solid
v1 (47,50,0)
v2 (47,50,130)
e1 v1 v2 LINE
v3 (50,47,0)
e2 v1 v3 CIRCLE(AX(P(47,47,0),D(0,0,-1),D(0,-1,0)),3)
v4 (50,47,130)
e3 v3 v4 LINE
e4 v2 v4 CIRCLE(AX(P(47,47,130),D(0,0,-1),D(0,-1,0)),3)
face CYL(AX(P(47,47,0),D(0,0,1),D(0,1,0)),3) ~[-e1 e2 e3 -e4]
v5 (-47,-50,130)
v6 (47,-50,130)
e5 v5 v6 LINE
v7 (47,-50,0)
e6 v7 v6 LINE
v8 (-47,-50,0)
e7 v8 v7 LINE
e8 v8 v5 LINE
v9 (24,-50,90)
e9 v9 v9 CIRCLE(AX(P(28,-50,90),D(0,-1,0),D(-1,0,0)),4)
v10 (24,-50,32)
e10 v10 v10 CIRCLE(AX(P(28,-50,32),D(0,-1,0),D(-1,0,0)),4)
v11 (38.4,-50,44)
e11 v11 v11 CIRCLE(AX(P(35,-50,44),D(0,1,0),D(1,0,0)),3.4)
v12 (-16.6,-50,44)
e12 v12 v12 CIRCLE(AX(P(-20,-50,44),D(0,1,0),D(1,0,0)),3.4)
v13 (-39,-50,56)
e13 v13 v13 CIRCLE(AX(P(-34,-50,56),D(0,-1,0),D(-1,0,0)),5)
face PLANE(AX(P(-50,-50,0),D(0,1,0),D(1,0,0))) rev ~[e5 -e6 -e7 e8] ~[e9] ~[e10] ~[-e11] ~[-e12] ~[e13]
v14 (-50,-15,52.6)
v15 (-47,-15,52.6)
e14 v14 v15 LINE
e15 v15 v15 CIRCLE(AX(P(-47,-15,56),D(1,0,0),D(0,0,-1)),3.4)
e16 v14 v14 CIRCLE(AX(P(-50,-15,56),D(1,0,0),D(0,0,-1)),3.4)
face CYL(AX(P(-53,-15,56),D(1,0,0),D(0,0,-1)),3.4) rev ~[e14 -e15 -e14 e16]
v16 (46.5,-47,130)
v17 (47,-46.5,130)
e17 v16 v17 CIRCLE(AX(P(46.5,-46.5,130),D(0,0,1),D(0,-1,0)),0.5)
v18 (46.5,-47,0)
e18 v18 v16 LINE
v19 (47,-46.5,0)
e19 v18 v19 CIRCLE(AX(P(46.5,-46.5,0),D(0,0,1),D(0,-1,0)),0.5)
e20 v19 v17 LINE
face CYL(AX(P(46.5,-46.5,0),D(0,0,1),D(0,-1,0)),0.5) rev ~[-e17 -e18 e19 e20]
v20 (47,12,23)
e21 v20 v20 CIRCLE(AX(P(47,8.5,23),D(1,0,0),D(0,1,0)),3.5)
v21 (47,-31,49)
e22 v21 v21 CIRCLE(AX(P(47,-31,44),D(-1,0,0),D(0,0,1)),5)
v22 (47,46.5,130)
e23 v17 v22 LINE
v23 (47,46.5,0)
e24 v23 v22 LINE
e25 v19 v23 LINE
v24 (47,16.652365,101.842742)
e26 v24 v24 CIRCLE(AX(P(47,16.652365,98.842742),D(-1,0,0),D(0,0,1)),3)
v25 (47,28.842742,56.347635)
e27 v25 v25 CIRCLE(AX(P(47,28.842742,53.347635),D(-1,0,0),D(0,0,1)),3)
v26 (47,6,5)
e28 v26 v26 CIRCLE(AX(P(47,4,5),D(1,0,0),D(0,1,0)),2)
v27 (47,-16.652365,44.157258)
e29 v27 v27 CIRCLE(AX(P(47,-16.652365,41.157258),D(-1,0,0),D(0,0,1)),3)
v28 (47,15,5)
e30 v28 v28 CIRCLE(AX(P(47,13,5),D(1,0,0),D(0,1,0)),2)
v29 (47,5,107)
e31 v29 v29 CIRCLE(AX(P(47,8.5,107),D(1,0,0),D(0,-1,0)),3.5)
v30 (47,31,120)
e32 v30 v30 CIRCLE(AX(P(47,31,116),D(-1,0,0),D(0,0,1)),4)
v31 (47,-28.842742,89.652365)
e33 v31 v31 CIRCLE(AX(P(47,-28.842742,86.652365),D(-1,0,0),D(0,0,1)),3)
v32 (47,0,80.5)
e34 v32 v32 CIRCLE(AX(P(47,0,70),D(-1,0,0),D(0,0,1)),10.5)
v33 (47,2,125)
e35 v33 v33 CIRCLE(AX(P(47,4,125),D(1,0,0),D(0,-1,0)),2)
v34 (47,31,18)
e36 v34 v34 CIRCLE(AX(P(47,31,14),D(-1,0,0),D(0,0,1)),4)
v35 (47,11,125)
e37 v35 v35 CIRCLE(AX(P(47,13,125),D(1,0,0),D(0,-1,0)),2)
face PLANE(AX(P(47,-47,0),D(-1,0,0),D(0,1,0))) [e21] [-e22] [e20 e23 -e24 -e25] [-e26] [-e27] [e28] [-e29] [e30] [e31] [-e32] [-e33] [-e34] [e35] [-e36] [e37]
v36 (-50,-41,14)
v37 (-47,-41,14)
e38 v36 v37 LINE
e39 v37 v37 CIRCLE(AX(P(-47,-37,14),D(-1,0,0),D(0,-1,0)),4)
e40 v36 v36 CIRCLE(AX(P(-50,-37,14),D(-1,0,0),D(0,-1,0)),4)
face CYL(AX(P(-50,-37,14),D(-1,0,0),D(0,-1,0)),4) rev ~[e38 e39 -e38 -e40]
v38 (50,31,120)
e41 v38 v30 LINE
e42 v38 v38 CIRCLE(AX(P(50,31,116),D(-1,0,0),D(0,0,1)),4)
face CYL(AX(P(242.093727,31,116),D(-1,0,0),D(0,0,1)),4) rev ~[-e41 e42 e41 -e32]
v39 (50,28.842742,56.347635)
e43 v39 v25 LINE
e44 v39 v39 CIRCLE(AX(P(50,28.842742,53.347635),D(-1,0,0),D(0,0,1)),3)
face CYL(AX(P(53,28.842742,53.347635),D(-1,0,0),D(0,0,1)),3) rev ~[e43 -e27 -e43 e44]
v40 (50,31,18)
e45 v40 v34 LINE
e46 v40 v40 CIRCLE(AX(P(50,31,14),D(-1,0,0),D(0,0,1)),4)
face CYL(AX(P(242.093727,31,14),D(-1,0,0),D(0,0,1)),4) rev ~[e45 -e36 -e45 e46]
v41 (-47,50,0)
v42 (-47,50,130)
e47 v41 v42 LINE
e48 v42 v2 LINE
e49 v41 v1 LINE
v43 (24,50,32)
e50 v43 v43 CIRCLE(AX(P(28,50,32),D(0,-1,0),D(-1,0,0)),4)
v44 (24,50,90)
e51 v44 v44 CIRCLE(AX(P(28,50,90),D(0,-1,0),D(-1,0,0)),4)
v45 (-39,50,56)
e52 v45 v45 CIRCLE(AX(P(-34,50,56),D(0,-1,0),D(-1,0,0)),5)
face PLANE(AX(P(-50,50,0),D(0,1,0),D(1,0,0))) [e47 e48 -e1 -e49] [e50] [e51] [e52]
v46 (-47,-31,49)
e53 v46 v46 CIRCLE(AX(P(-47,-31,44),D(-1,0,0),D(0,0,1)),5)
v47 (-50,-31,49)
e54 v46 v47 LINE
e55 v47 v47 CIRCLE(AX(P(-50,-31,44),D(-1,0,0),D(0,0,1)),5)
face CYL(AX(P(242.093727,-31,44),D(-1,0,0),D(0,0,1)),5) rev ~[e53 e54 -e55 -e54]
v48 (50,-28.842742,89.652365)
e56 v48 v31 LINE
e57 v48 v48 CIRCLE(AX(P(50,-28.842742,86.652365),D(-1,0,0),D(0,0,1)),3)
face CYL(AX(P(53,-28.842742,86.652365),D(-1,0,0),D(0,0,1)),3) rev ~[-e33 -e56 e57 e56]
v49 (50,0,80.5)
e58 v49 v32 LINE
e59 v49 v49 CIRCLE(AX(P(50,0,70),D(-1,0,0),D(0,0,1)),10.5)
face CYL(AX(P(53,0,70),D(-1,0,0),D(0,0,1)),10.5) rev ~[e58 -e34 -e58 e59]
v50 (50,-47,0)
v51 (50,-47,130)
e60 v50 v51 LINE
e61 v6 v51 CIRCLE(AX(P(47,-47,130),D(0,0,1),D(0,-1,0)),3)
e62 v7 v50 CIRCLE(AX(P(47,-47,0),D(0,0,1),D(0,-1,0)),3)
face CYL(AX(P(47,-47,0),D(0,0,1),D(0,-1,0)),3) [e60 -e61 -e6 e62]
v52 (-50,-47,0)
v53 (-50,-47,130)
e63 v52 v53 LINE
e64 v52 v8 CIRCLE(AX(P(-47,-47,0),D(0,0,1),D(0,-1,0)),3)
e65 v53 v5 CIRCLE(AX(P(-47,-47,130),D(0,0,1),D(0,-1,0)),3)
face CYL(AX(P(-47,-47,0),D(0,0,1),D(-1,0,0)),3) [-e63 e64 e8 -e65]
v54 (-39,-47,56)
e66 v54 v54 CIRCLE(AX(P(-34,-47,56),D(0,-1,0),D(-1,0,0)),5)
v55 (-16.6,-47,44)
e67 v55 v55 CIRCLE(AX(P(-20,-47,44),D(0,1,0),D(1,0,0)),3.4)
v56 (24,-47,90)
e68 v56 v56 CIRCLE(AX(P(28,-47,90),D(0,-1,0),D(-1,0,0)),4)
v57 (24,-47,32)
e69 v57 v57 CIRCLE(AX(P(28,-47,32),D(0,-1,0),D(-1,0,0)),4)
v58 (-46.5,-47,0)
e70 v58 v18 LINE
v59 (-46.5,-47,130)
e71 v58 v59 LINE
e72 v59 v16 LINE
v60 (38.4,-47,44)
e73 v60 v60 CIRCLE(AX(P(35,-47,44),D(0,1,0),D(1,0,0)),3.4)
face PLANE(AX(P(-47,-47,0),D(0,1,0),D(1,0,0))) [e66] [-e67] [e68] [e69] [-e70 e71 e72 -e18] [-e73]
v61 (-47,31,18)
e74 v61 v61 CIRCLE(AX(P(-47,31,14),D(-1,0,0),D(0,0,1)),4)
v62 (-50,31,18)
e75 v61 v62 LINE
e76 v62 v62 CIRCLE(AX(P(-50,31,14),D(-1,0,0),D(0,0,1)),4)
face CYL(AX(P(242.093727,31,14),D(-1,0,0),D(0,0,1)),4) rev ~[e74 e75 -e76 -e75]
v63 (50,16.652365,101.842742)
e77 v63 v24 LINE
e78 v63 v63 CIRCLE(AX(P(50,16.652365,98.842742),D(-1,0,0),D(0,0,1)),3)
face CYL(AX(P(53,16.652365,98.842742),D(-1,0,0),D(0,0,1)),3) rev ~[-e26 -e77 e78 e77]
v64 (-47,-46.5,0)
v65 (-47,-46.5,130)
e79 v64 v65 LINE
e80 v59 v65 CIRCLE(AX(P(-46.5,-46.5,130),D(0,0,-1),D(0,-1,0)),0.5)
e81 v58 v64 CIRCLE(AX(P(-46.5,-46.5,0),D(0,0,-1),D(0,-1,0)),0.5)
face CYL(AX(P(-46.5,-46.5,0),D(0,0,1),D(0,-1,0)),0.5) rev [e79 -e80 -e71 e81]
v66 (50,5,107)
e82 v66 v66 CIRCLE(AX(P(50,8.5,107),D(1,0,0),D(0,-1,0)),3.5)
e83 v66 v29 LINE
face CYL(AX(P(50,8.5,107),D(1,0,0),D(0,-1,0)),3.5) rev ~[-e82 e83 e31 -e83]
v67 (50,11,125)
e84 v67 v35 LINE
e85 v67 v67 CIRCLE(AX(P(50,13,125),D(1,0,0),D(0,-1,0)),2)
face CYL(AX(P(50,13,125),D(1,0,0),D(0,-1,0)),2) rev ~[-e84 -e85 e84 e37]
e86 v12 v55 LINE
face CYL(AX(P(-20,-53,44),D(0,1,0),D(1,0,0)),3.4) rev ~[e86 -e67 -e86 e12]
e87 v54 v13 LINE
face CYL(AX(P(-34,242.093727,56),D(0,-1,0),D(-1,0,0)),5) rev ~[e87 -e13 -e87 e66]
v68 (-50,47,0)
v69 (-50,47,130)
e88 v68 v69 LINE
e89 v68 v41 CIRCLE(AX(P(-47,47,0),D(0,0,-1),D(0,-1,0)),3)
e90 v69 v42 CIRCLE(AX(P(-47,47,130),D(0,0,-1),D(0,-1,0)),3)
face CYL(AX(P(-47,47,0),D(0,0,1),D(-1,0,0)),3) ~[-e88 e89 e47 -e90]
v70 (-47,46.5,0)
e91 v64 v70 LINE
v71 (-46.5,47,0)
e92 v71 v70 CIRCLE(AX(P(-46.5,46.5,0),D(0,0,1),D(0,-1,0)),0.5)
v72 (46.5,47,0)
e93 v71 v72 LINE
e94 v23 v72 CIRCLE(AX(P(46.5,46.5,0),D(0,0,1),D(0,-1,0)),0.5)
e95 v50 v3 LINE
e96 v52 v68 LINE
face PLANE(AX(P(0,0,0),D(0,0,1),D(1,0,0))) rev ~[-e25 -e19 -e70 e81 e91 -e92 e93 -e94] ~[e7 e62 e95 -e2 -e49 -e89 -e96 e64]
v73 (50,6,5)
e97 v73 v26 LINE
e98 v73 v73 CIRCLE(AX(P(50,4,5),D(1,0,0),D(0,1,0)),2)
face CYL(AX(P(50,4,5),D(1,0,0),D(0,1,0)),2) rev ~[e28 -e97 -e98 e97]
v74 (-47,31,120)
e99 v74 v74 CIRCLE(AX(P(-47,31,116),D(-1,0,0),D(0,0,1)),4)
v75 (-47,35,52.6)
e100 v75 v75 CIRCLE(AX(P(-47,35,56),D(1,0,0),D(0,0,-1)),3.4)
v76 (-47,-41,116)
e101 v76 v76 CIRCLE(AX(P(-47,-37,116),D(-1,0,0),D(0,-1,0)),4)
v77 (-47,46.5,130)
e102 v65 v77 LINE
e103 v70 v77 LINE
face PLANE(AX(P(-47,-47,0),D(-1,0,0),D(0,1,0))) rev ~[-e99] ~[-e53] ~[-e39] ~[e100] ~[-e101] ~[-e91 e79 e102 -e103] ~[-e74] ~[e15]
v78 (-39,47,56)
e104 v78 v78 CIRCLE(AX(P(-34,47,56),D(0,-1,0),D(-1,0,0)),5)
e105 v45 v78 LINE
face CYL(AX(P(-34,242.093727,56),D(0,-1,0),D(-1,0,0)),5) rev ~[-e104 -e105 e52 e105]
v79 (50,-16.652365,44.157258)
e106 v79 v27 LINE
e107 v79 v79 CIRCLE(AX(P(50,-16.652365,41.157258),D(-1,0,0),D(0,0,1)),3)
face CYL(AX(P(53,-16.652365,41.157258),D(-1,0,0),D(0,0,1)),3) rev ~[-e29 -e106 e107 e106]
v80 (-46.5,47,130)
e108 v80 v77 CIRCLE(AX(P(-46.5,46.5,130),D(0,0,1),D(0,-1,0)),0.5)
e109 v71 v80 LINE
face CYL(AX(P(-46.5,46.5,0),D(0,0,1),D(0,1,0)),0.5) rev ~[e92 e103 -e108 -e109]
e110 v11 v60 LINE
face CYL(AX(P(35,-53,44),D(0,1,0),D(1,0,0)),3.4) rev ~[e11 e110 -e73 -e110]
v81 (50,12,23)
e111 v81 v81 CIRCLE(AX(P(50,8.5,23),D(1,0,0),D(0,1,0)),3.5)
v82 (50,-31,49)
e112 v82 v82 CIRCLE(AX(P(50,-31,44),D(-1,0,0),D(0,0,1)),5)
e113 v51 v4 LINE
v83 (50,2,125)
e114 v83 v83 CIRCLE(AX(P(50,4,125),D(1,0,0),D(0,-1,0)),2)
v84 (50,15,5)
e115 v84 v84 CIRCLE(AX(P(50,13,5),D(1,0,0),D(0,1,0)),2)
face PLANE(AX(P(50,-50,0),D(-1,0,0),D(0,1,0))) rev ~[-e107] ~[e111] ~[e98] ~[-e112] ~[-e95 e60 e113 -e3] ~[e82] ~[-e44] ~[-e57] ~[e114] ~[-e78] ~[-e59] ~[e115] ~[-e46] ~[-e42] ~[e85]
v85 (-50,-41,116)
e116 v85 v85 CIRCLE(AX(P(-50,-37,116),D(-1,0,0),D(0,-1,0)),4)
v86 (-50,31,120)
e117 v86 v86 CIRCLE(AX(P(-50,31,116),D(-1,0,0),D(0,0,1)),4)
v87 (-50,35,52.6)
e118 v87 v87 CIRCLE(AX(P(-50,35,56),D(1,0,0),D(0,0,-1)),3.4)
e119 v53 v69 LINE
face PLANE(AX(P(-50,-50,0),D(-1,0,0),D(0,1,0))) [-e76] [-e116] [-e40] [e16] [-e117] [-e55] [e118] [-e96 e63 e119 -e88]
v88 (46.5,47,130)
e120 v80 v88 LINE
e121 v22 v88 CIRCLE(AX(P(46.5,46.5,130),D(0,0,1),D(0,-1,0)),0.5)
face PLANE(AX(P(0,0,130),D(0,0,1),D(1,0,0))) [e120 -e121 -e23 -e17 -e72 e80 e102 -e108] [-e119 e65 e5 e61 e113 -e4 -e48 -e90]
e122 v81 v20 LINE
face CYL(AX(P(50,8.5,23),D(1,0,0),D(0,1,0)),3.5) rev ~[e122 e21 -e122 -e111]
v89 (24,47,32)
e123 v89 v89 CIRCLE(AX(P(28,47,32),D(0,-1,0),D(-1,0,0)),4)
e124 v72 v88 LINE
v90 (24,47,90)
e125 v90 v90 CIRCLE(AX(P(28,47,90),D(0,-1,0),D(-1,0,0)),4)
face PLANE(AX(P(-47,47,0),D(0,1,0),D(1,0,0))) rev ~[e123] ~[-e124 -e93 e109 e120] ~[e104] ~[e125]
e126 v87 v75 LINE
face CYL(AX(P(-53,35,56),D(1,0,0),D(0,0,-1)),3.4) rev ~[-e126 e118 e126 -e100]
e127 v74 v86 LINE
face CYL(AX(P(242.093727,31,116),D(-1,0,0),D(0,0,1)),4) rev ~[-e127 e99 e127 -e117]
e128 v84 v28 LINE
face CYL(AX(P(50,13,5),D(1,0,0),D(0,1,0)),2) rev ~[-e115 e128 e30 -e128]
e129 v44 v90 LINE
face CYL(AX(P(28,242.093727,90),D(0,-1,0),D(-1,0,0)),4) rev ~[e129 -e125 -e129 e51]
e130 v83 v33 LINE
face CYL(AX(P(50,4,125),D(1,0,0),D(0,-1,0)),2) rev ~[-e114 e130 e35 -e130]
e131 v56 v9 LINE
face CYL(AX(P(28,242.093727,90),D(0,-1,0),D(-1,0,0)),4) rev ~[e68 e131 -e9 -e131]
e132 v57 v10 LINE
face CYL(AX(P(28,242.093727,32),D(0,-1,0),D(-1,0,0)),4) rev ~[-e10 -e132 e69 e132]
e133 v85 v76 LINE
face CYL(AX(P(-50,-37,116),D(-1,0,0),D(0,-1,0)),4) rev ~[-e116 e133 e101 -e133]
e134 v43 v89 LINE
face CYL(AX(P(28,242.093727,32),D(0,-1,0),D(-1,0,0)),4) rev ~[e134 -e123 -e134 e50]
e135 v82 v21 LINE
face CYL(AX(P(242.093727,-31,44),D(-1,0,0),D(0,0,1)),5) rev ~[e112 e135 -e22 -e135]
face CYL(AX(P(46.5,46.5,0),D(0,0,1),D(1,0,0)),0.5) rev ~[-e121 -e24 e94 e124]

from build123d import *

# Parameters (mm, degrees)
SKETCH1_W                      = 100
SKETCH1_H                      = 100
SKETCH1_W_2                    = 94
SKETCH1_H_2                    = 94
EXTRUDE_THIN1_DEPTH            = 130
FILLET1_R                      = 0.5
FILLET2_R                      = 3
F_8_0_8_DIAMETER_HOLE2_D       = 8
F_8_0_8_DIAMETER_HOLE3_D       = 8
F_10_0_10_DIAMETER_HOLE1_D     = 10
F_10_0_10_DIAMETER_HOLE2_D     = 10
M8_TAPPED_HOLE1_D              = 6.8
M8_TAPPED_HOLE1_DEPTH          = 3
M8_TAPPED_HOLE2_D              = 6.8
M8_TAPPED_HOLE2_DEPTH          = 3
F_21_0_21_DIAMETER_HOLE1_D     = 21
F_21_0_21_DIAMETER_HOLE1_DEPTH = 3
F_6_0_6_DIAMETER_HOLE1_D       = 6
F_6_0_6_DIAMETER_HOLE1_DEPTH   = 3
CUT_EXTRUDE1_REACH             = 173.464
SKETCH27_R                     = 2
SKETCH27_R_2                   = 3.5
CUT_EXTRUDE2_REACH             = 173.464
SKETCH31_R                     = 4


with BuildPart() as part:
    # Sketch1 → Extrude-Thin1 (new body)
    with BuildSketch(Plane.XY):
        Rectangle(SKETCH1_W, SKETCH1_H)
        Rectangle(SKETCH1_W_2, SKETCH1_H_2, mode=Mode.SUBTRACT)
    extrude(amount=EXTRUDE_THIN1_DEPTH)

    # Fillet1
    fillet1_edges = [part.edges().sort_by_distance(p)[0] for p in [
        (47, -47, 65),
        (47, 47, 65),
        (-47, 47, 65),
        (-47, -47, 65),
    ]]
    fillet(fillet1_edges, radius=FILLET1_R)

    # Fillet2
    fillet2_edges = [part.edges().sort_by_distance(p)[0] for p in [
        (50, -50, 65),
        (-50, -50, 65),
        (-50, 50, 65),
        (50, 50, 65),
    ]]
    fillet(fillet2_edges, radius=FILLET2_R)

    # Ø8.0 (8) Diameter Hole2 (through all)
    with Locations(Plane(origin=(0, 50, 0), x_dir=(1, 0, 0), z_dir=(0, 1, 0))):
        with Locations((28, -32), (28, -90)):
            Hole(F_8_0_8_DIAMETER_HOLE2_D / 2)

    # Ø8.0 (8) Diameter Hole3 (through all)
    with Locations(Plane(origin=(50, 0, 0), x_dir=(0, 0, -1), z_dir=(1, 0, 0))):
        with Locations((-14, 31), (-116, 31)):
            Hole(F_8_0_8_DIAMETER_HOLE3_D / 2)

    # Ø10.0 (10) Diameter Hole1 (through all)
    with Locations(Plane(origin=(0, 50, 0), x_dir=(1, 0, 0), z_dir=(0, 1, 0))):
        with Locations((-34, -56)):
            Hole(F_10_0_10_DIAMETER_HOLE1_D / 2)

    # Ø10.0 (10) Diameter Hole2 (through all)
    with Locations(Plane(origin=(50, 0, 0), x_dir=(0, 0, -1), z_dir=(1, 0, 0))):
        with Locations((-44, -31)):
            Hole(F_10_0_10_DIAMETER_HOLE2_D / 2)

    # M8 Tapped Hole1
    with Locations(Plane.ZY.offset(50)):
        with Locations((56, -15), (56, 35)):
            Hole(M8_TAPPED_HOLE1_D / 2, depth=M8_TAPPED_HOLE1_DEPTH)

    # M8 Tapped Hole2
    with Locations(Plane(origin=(0, -50, 0), x_dir=(-1, 0, 0), z_dir=(0, -1, 0))):
        with Locations((20, -44), (-35, -44)):
            Hole(M8_TAPPED_HOLE2_D / 2, depth=M8_TAPPED_HOLE2_DEPTH)

    # Ø21.0 (21) Diameter Hole1
    with Locations(Plane(origin=(50, 0, 0), x_dir=(0, 0, -1), z_dir=(1, 0, 0))):
        with Locations((-70, 0)):
            Hole(F_21_0_21_DIAMETER_HOLE1_D / 2, depth=F_21_0_21_DIAMETER_HOLE1_DEPTH)

    # Ø6.0 (6) Diameter Hole1
    with Locations(Plane(origin=(50, 0, 0), x_dir=(0, 0, -1), z_dir=(1, 0, 0))):
        with Locations((-41.157258279, -16.652364697), (-53.347635303, 28.842741721), (-98.842741721, 16.652364697), (-86.652364697, -28.842741721)):
            Hole(F_6_0_6_DIAMETER_HOLE1_D / 2, depth=F_6_0_6_DIAMETER_HOLE1_DEPTH)

    # Sketch27 → Cut-Extrude1 (cut, up to next)
    with BuildSketch(Plane(origin=(50, 0, 0), x_dir=(0, 0, -1), z_dir=(1, 0, 0)), mode=Mode.PRIVATE) as cut_extrude1_sk1:
        with Locations(Location((-5, 13, 0), (0, 0, 90))):
            Circle(SKETCH27_R)
    cut_extrude1_tool1 = extrude(cut_extrude1_sk1.sketch, amount=-CUT_EXTRUDE1_REACH, mode=Mode.PRIVATE) & part.part
    # Sketch27 → Cut-Extrude1 (cut, up to next)
    with BuildSketch(Plane(origin=(50, 0, 0), x_dir=(0, 0, -1), z_dir=(1, 0, 0)), mode=Mode.PRIVATE) as cut_extrude1_sk2:
        with Locations(Location((-5, 4, 0), (0, 0, 90))):
            Circle(SKETCH27_R)
    cut_extrude1_tool2 = extrude(cut_extrude1_sk2.sketch, amount=-CUT_EXTRUDE1_REACH, mode=Mode.PRIVATE) & part.part
    # Sketch27 → Cut-Extrude1 (cut, up to next)
    with BuildSketch(Plane(origin=(50, 0, 0), x_dir=(0, 0, -1), z_dir=(1, 0, 0)), mode=Mode.PRIVATE) as cut_extrude1_sk3:
        with Locations(Location((-23, 8.5, 0), (0, 0, 90))):
            Circle(SKETCH27_R_2)
    cut_extrude1_tool3 = extrude(cut_extrude1_sk3.sketch, amount=-CUT_EXTRUDE1_REACH, mode=Mode.PRIVATE) & part.part
    # Sketch27 → Cut-Extrude1 (cut, up to next)
    with BuildSketch(Plane(origin=(50, 0, 0), x_dir=(0, 0, -1), z_dir=(1, 0, 0)), mode=Mode.PRIVATE) as cut_extrude1_sk4:
        with Locations(Location((-107, 8.5, 0), (0, 0, 270))):
            Circle(SKETCH27_R_2)
    cut_extrude1_tool4 = extrude(cut_extrude1_sk4.sketch, amount=-CUT_EXTRUDE1_REACH, mode=Mode.PRIVATE) & part.part
    # Sketch27 → Cut-Extrude1 (cut, up to next)
    with BuildSketch(Plane(origin=(50, 0, 0), x_dir=(0, 0, -1), z_dir=(1, 0, 0)), mode=Mode.PRIVATE) as cut_extrude1_sk5:
        with Locations(Location((-125, 4, 0), (0, 0, 270))):
            Circle(SKETCH27_R)
    cut_extrude1_tool5 = extrude(cut_extrude1_sk5.sketch, amount=-CUT_EXTRUDE1_REACH, mode=Mode.PRIVATE) & part.part
    # Sketch27 → Cut-Extrude1 (cut, up to next)
    with BuildSketch(Plane(origin=(50, 0, 0), x_dir=(0, 0, -1), z_dir=(1, 0, 0)), mode=Mode.PRIVATE) as cut_extrude1_sk6:
        with Locations(Location((-125, 13, 0), (0, 0, 270))):
            Circle(SKETCH27_R)
    cut_extrude1_tool6 = extrude(cut_extrude1_sk6.sketch, amount=-CUT_EXTRUDE1_REACH, mode=Mode.PRIVATE) & part.part
    add(cut_extrude1_tool1.solids().sort_by_distance((50, 13, 5))[0], mode=Mode.SUBTRACT)
    add(cut_extrude1_tool2.solids().sort_by_distance((50, 4, 5))[0], mode=Mode.SUBTRACT)
    add(cut_extrude1_tool3.solids().sort_by_distance((50, 8.5, 23))[0], mode=Mode.SUBTRACT)
    add(cut_extrude1_tool4.solids().sort_by_distance((50, 8.5, 107))[0], mode=Mode.SUBTRACT)
    add(cut_extrude1_tool5.solids().sort_by_distance((50, 4, 125))[0], mode=Mode.SUBTRACT)
    add(cut_extrude1_tool6.solids().sort_by_distance((50, 13, 125))[0], mode=Mode.SUBTRACT)

    # Sketch31 → Cut-Extrude2 (cut, up to next)
    with BuildSketch(Plane.ZY.offset(50), mode=Mode.PRIVATE) as cut_extrude2_sk1:
        with Locations(Location((14, -37, 0), (0, 0, 270))):
            Circle(SKETCH31_R)
    cut_extrude2_tool1 = extrude(cut_extrude2_sk1.sketch, amount=-CUT_EXTRUDE2_REACH, mode=Mode.PRIVATE) & part.part
    # Sketch31 → Cut-Extrude2 (cut, up to next)
    with BuildSketch(Plane.ZY.offset(50), mode=Mode.PRIVATE) as cut_extrude2_sk2:
        with Locations(Location((116, -37, 0), (0, 0, 270))):
            Circle(SKETCH31_R)
    cut_extrude2_tool2 = extrude(cut_extrude2_sk2.sketch, amount=-CUT_EXTRUDE2_REACH, mode=Mode.PRIVATE) & part.part
    add(cut_extrude2_tool1.solids().sort_by_distance((-50, -37, 14))[0], mode=Mode.SUBTRACT)
    add(cut_extrude2_tool2.solids().sort_by_distance((-50, -37, 116))[0], mode=Mode.SUBTRACT)


solid = part.part
